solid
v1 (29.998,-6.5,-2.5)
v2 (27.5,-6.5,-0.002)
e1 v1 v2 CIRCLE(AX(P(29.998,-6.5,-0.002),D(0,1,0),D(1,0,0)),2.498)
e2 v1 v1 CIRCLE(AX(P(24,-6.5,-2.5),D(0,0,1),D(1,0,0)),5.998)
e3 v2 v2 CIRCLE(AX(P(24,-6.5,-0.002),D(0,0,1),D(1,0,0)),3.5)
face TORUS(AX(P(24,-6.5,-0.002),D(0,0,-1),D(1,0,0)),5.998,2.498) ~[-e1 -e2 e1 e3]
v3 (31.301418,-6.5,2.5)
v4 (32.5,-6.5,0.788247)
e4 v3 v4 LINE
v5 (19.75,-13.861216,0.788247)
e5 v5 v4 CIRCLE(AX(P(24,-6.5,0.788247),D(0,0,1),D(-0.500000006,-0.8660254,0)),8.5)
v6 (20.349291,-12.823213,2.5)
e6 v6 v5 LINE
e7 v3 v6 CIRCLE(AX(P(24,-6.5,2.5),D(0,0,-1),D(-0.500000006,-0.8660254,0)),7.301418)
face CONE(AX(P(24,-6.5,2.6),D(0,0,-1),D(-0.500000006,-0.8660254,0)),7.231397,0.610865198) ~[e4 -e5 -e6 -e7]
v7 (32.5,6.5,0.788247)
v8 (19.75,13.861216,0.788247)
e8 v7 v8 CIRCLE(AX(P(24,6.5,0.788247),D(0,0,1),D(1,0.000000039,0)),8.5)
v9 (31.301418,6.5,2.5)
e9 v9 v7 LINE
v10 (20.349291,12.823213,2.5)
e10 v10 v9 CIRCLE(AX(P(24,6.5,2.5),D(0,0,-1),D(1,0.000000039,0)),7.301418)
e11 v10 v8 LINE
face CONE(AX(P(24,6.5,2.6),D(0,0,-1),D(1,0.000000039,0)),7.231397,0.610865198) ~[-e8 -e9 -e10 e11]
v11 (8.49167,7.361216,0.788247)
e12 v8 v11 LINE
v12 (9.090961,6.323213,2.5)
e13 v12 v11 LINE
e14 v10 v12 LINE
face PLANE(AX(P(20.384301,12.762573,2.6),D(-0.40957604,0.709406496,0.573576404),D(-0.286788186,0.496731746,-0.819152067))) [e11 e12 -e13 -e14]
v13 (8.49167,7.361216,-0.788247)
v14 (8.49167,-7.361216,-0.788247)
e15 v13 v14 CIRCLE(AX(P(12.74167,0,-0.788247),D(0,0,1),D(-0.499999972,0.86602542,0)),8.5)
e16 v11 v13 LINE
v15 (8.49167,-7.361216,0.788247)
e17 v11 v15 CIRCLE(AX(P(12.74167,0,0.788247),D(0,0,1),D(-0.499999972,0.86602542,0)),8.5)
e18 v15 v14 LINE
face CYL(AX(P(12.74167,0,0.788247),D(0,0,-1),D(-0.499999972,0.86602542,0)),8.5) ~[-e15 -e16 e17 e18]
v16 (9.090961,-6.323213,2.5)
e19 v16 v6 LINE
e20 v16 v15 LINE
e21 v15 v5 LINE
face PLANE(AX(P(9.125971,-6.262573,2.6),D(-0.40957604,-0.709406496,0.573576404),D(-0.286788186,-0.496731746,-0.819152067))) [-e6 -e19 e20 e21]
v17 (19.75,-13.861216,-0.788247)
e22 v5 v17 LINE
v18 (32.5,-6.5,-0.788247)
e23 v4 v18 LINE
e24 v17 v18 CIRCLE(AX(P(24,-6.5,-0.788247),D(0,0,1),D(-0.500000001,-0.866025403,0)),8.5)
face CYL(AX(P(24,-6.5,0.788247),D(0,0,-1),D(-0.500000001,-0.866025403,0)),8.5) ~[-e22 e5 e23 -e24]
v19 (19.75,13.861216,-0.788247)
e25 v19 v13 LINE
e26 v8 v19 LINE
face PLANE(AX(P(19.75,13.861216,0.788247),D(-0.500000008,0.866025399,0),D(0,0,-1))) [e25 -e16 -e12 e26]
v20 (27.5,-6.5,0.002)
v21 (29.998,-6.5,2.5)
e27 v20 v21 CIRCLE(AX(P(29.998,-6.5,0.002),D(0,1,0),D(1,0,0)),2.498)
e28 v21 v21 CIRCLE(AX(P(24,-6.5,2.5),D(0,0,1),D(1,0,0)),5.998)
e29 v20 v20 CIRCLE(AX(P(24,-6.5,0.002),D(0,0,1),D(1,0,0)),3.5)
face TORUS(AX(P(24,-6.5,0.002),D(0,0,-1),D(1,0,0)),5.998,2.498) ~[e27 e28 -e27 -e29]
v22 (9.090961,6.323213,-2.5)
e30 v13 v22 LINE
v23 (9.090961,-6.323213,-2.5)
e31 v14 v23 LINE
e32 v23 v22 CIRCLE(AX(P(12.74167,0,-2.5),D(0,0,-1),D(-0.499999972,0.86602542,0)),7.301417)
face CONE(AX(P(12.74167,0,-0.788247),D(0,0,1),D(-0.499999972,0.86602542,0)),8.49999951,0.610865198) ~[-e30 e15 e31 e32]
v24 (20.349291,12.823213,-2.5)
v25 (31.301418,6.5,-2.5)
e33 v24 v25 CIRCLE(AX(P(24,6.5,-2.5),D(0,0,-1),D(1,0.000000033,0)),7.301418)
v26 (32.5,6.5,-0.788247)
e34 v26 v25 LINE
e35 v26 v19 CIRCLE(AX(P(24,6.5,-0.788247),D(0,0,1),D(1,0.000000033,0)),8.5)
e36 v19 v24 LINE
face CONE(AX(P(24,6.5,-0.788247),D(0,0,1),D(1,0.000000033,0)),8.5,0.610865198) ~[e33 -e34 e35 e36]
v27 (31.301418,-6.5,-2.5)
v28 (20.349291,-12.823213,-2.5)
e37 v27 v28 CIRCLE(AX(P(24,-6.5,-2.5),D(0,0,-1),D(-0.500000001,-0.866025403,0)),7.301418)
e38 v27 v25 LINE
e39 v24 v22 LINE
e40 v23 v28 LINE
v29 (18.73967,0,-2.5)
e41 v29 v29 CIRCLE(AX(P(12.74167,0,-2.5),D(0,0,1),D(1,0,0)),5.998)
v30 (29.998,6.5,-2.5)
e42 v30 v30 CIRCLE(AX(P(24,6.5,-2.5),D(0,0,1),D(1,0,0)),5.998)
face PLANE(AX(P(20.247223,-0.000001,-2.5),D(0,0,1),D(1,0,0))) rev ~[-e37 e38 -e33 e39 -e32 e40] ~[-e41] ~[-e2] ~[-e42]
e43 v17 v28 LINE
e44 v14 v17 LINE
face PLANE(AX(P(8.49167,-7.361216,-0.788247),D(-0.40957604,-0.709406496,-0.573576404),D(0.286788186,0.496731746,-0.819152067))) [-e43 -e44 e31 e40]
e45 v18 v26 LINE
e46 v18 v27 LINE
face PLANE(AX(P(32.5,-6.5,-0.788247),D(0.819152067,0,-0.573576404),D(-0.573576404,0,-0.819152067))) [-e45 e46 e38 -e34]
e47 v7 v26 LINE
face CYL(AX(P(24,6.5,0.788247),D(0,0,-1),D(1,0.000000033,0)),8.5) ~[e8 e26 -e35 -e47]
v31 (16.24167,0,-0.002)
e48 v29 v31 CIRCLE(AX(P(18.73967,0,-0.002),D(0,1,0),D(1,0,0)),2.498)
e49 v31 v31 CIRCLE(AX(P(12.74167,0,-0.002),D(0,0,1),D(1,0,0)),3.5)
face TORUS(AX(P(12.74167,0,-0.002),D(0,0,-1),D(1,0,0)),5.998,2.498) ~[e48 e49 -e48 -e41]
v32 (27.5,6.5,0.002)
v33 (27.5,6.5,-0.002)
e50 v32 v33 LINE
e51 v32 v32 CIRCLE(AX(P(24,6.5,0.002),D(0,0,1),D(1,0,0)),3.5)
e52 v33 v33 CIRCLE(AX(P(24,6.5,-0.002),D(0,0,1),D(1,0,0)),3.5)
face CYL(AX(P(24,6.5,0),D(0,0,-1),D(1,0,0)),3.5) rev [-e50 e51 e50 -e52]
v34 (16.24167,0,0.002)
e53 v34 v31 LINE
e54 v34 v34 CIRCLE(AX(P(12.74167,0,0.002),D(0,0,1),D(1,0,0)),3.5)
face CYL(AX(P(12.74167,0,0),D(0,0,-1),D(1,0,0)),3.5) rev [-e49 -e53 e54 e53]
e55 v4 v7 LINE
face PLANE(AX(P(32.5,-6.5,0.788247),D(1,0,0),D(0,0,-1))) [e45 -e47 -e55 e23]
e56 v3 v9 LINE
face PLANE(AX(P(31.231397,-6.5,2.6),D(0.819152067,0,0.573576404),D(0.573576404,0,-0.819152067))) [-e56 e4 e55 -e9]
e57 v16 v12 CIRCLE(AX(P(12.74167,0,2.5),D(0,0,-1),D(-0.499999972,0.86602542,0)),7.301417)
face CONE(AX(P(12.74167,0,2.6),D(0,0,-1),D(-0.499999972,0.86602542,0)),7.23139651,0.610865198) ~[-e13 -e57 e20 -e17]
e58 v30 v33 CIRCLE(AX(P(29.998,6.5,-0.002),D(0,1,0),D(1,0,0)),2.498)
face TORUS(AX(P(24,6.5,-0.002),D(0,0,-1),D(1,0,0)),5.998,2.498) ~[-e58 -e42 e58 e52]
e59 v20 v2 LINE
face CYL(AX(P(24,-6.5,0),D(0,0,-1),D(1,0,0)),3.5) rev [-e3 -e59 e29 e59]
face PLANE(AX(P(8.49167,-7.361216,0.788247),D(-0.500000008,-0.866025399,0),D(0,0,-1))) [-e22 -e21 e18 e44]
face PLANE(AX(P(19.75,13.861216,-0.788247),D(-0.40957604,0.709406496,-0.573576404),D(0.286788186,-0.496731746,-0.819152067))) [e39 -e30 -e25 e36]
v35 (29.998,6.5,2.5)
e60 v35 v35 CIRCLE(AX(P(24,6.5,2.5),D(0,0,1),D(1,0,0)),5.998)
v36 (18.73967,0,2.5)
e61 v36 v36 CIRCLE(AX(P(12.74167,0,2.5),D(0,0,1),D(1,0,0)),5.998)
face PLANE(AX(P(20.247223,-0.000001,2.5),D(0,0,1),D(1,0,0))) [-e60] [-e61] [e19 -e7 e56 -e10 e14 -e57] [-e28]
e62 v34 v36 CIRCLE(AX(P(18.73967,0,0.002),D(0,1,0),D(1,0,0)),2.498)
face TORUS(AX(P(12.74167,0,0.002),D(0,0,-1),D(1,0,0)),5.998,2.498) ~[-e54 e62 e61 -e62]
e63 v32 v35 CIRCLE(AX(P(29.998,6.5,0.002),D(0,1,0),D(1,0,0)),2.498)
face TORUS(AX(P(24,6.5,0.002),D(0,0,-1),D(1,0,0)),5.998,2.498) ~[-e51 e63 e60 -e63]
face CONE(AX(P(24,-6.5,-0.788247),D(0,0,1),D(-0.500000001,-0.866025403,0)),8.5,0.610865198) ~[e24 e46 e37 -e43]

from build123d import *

# Parameters (mm, degrees)
SKETCH006_R  = 3.5
PAD001_DEPTH = 2.5
FILLET_R     = 2.498


with BuildPart() as part:
    # Sketch006 → Pad001 (new body, symmetric)
    with BuildSketch(Plane.XY):
        with BuildLine():
            Line((8.6, 0), (8.6, 6.5))
            ThreePointArc((8.6, 6.5), (4.3, 13.947818), (-4.3, 13.947818))
            Line((-4.3, 13.947818), (-15.55833, 7.447818))
            ThreePointArc((-15.55833, 7.447818), (-19.85833, 0), (-15.55833, -7.447818))
            Line((-15.55833, -7.447818), (-4.299965, -13.947839))
            ThreePointArc((-4.299965, -13.947839), (4.300019, -13.947807), (8.6, -6.499997))
            Line((8.6, -6.499997), (8.6, 0))
        make_face()
        with Locations((-11.25833, 0)):
            Circle(SKETCH006_R, mode=Mode.SUBTRACT)
        with Locations((0, 6.5)):
            Circle(SKETCH006_R, mode=Mode.SUBTRACT)
        with Locations((0, -6.5)):
            Circle(SKETCH006_R, mode=Mode.SUBTRACT)
    extrude(amount=PAD001_DEPTH, both=True)

    # SubtractivePipe: sweep along a path in Sketch007
    with BuildLine(Plane.XY) as subtractivepipe_path:
        Line((8.75, 0), (8.75, 6.5))
        ThreePointArc((8.75, 6.5), (4.375, 14.077722), (-4.375, 14.077722))
        Line((-4.375, 14.077722), (-15.63333, 7.577722))
        ThreePointArc((-15.63333, 7.577722), (-20.00833, 0), (-15.63333, -7.577722))
        Line((-15.63333, -7.577722), (-4.375, -14.077722))
        ThreePointArc((-4.375, -14.077722), (4.375, -14.077722), (8.75, -6.5))
        Line((8.75, -6.5), (8.75, 0))
    # Sketch008 → SubtractivePipe (sweep, cut)
    with BuildSketch(Plane.XZ):
        Polygon((7.231397, 2.6), (8.5, 0.788247), (8.5, -0.788247), (7.231397, -2.6), (9, -2.6), (9, 2.6), align=None)
    sweep(path=subtractivepipe_path.line, mode=Mode.SUBTRACT)

    # Fillet
    fillet_edges = [part.edges().sort_by_distance(p)[0] for p in [
        (-3.5, -6.5, -2.5),
        (-3.5, 6.5, -2.5),
        (-14.75833, 0, -2.5),
        (-3.5, -6.5, 2.5),
        (-3.5, 6.5, 2.5),
        (-14.75833, 0, 2.5),
    ]]
    fillet(fillet_edges, radius=FILLET_R)


with BuildPart() as part_1:
    # Body003 placement: moved
    add(part.part.moved(Location((24, 0, 0))))


solid = part_1.part
